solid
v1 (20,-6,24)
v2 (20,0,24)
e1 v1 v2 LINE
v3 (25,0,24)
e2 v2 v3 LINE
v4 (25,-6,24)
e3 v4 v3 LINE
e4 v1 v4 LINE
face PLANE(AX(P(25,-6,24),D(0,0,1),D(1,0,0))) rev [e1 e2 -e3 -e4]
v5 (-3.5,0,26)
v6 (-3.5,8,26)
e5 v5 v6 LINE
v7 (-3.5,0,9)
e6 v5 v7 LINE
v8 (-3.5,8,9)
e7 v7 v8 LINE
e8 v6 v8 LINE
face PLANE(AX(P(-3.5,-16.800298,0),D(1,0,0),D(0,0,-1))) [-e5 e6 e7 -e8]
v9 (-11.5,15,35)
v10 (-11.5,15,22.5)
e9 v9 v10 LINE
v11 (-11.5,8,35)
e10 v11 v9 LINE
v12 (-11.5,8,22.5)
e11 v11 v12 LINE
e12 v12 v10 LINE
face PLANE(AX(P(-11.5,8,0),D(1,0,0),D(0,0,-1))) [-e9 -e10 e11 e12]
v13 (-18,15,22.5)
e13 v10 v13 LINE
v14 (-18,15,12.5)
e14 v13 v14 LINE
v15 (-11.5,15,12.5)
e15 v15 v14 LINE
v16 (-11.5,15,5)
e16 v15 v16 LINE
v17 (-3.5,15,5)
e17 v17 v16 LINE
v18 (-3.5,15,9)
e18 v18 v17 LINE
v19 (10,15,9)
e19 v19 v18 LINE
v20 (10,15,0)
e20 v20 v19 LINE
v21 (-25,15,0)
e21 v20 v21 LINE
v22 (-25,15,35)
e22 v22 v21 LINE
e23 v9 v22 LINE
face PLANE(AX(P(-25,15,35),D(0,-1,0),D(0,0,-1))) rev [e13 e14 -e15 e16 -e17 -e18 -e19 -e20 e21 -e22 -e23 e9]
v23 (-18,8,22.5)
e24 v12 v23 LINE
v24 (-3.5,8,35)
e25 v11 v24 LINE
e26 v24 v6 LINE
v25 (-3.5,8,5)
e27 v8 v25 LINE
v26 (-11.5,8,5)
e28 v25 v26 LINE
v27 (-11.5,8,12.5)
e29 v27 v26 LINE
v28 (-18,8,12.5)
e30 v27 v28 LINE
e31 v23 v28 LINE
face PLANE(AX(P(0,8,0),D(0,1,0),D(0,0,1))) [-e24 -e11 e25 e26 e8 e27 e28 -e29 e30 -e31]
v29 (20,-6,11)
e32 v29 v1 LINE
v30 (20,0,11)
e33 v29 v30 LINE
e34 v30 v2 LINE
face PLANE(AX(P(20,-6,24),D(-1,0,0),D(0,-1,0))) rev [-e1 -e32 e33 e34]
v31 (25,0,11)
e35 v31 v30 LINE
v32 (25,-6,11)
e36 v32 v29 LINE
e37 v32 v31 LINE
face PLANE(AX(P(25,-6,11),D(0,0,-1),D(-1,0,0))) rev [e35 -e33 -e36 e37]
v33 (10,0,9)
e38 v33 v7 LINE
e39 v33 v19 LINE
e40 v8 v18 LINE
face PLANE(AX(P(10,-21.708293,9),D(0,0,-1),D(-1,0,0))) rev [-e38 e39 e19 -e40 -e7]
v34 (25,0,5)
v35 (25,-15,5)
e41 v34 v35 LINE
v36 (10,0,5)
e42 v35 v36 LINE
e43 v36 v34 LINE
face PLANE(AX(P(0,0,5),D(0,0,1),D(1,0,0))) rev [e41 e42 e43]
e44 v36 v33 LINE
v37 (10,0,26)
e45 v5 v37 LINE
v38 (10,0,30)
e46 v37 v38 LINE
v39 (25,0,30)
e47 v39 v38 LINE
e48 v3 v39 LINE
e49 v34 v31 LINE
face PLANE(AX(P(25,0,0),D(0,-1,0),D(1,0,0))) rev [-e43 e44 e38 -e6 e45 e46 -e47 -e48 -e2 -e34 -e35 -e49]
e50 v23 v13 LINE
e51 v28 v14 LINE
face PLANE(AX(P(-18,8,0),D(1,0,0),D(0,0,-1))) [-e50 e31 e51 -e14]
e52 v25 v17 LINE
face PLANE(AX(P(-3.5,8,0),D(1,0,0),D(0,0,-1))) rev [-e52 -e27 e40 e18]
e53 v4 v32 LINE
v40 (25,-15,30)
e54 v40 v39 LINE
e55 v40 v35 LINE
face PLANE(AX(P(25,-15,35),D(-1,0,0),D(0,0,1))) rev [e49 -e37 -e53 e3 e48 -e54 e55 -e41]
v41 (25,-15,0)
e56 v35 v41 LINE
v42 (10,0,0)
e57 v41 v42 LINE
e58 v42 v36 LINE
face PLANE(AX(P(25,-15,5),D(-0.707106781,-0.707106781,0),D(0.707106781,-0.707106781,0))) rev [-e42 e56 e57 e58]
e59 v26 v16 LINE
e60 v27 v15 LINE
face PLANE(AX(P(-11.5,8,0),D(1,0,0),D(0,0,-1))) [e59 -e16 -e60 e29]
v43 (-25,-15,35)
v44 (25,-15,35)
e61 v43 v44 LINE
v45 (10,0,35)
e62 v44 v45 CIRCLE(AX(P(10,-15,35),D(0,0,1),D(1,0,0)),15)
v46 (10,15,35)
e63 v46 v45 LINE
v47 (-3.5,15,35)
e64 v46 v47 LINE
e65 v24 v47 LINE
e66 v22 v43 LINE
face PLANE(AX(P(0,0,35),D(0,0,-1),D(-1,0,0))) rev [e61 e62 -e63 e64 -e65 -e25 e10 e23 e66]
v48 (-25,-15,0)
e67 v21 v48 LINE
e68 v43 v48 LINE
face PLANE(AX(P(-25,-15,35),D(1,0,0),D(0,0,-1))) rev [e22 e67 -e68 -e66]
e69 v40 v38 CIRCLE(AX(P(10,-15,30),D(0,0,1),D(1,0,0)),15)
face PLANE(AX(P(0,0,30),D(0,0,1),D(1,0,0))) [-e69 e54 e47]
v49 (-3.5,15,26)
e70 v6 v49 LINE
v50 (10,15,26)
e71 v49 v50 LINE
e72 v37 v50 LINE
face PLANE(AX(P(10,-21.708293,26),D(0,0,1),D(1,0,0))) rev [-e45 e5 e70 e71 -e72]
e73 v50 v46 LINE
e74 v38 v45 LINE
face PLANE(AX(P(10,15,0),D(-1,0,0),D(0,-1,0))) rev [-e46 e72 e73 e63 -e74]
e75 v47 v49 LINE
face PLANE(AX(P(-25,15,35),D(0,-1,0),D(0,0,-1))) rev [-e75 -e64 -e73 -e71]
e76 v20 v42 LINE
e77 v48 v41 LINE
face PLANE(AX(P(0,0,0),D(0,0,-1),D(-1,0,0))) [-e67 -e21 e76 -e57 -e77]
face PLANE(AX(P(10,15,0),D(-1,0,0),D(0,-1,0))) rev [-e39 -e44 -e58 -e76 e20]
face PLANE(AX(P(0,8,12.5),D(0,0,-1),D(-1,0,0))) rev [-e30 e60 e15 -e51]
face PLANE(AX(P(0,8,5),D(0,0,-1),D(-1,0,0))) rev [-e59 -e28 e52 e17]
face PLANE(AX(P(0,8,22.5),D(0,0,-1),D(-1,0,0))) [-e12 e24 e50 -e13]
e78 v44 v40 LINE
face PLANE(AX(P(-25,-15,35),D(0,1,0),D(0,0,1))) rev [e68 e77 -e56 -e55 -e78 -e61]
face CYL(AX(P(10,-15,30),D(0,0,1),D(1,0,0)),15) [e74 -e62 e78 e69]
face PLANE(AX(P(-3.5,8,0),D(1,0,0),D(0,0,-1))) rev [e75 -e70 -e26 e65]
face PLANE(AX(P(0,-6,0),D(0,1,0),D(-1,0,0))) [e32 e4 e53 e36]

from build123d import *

# Parameters (mm, degrees)
SKETCH_1_W          = 50
SKETCH_1_H          = 30
EXTRUDE_1_DEPTH     = 35
SKETCH_2_W          = 15
SKETCH_2_H          = 15
CUT_EXTRUDE_1_DEPTH = 46.552167896
SKETCH_3_W          = 13.5
SKETCH_3_H          = 10
CUT_EXTRUDE_2_DEPTH = 15
SKETCH_3_3_W        = 8
SKETCH_3_3_H        = 12.5
SKETCH_3_3_H_2      = 10
SKETCH_3_3_H_3      = 7.5
SKETCH_3_3_W_2      = 6.5
CUT_EXTRUDE_3_DEPTH = 7
SKETCH_6_W          = 5
SKETCH_6_H          = 13
CUT_EXTRUDE_4_DEPTH = 6
CUT_EXTRUDE_5_REACH = 54.44
SKETCH_7_W          = 13.5
SKETCH_7_H          = 17
CUT_EXTRUDE_6_DEPTH = 5
CUT_EXTRUDE_7_DEPTH = 5


with BuildPart() as part:
    # Эскиз1 → Бобышка-Вытянуть1 (new body)
    with BuildSketch(Plane.XY):
        Rectangle(SKETCH_1_W, SKETCH_1_H)
    extrude(amount=EXTRUDE_1_DEPTH)

    # Эскиз2 → Вырез-Вытянуть1 (cut, through all)
    with BuildSketch(Plane.XY.offset(35)):
        with Locations((17.5, 7.5)):
            Rectangle(SKETCH_2_W, SKETCH_2_H)
    extrude(amount=-CUT_EXTRUDE_1_DEPTH, mode=Mode.SUBTRACT)

    # Эскиз3 → Вырез-Вытянуть2 (cut)
    with BuildSketch(Plane(origin=(0, 15, 0), x_dir=(1, 0, 0), z_dir=(0, 1, 0))):
        with Locations((3.25, -17.5)):
            Rectangle(SKETCH_3_W, SKETCH_3_H)
    extrude(amount=-CUT_EXTRUDE_2_DEPTH, mode=Mode.SUBTRACT)

    # Эскиз3<3> → Вырез-Вытянуть3 (cut)
    with BuildSketch(Plane(origin=(0, 15, 0), x_dir=(1, 0, 0), z_dir=(0, 1, 0))):
        with Locations((-7.5, -28.75)):
            Rectangle(SKETCH_3_3_W, SKETCH_3_3_H)
        with Locations((-7.5, -17.5)):
            Rectangle(SKETCH_3_3_W, SKETCH_3_3_H_2)
        with Locations((-7.5, -8.75)):
            Rectangle(SKETCH_3_3_W, SKETCH_3_3_H_3)
        with Locations((-14.75, -17.5)):
            Rectangle(SKETCH_3_3_W_2, SKETCH_3_3_H_2)
    extrude(amount=-CUT_EXTRUDE_3_DEPTH, mode=Mode.SUBTRACT)

    # Эскиз6 → Вырез-Вытянуть4 (cut)
    with BuildSketch(Plane(origin=(0, 0, 0), x_dir=(1, 0, 0), z_dir=(0, 1, 0))):
        with Locations((22.5, -17.5)):
            Rectangle(SKETCH_6_W, SKETCH_6_H)
    extrude(amount=-CUT_EXTRUDE_4_DEPTH, mode=Mode.SUBTRACT)

    # Вырез-Вытянуть5: up to this face of the body (flat: up to its plane)
    cut_extrude_5_end = Plane(part.part.faces().sort_by_distance((13.720588235, 0, 17.5))[0])
    # Эскиз7 → Вырез-Вытянуть5 (cut, up to the picked face)
    with BuildSketch(Plane(origin=(0, 15, 0), x_dir=(1, 0, 0), z_dir=(0, 1, 0)), mode=Mode.PRIVATE) as cut_extrude_5_sk1:
        with Locations((3.25, -17.5)):
            Rectangle(SKETCH_7_W, SKETCH_7_H)
    cut_extrude_5_tool1 = split(extrude(cut_extrude_5_sk1.sketch, amount=-CUT_EXTRUDE_5_REACH, mode=Mode.PRIVATE), bisect_by=cut_extrude_5_end, keep=Keep.BOTH, mode=Mode.PRIVATE)
    add(cut_extrude_5_tool1.solids().sort_by(Axis((3.25, 15, 17.5), (0, -1, 0)))[0], mode=Mode.SUBTRACT)

    # Эскиз8 → Вырез-Вытянуть6 (cut)
    with BuildSketch(Plane.XY.offset(35)):
        with BuildLine():
            Line((25, 0), (10, 0))
            ThreePointArc((10, 0), (20.606601718, -4.393398282), (25, -15))
            Line((25, -15), (25, 0))
        make_face()
    extrude(amount=-CUT_EXTRUDE_6_DEPTH, mode=Mode.SUBTRACT)

    # Эскиз9 → Вырез-Вытянуть7 (cut)
    with BuildSketch(Plane(origin=(0, 0, 0), x_dir=(-1, 0, 0), z_dir=(0, 0, -1))):
        Polygon((-25, -15), (-10, 0), (-25, 0), align=None)
    extrude(amount=-CUT_EXTRUDE_7_DEPTH, mode=Mode.SUBTRACT)


solid = part.part
